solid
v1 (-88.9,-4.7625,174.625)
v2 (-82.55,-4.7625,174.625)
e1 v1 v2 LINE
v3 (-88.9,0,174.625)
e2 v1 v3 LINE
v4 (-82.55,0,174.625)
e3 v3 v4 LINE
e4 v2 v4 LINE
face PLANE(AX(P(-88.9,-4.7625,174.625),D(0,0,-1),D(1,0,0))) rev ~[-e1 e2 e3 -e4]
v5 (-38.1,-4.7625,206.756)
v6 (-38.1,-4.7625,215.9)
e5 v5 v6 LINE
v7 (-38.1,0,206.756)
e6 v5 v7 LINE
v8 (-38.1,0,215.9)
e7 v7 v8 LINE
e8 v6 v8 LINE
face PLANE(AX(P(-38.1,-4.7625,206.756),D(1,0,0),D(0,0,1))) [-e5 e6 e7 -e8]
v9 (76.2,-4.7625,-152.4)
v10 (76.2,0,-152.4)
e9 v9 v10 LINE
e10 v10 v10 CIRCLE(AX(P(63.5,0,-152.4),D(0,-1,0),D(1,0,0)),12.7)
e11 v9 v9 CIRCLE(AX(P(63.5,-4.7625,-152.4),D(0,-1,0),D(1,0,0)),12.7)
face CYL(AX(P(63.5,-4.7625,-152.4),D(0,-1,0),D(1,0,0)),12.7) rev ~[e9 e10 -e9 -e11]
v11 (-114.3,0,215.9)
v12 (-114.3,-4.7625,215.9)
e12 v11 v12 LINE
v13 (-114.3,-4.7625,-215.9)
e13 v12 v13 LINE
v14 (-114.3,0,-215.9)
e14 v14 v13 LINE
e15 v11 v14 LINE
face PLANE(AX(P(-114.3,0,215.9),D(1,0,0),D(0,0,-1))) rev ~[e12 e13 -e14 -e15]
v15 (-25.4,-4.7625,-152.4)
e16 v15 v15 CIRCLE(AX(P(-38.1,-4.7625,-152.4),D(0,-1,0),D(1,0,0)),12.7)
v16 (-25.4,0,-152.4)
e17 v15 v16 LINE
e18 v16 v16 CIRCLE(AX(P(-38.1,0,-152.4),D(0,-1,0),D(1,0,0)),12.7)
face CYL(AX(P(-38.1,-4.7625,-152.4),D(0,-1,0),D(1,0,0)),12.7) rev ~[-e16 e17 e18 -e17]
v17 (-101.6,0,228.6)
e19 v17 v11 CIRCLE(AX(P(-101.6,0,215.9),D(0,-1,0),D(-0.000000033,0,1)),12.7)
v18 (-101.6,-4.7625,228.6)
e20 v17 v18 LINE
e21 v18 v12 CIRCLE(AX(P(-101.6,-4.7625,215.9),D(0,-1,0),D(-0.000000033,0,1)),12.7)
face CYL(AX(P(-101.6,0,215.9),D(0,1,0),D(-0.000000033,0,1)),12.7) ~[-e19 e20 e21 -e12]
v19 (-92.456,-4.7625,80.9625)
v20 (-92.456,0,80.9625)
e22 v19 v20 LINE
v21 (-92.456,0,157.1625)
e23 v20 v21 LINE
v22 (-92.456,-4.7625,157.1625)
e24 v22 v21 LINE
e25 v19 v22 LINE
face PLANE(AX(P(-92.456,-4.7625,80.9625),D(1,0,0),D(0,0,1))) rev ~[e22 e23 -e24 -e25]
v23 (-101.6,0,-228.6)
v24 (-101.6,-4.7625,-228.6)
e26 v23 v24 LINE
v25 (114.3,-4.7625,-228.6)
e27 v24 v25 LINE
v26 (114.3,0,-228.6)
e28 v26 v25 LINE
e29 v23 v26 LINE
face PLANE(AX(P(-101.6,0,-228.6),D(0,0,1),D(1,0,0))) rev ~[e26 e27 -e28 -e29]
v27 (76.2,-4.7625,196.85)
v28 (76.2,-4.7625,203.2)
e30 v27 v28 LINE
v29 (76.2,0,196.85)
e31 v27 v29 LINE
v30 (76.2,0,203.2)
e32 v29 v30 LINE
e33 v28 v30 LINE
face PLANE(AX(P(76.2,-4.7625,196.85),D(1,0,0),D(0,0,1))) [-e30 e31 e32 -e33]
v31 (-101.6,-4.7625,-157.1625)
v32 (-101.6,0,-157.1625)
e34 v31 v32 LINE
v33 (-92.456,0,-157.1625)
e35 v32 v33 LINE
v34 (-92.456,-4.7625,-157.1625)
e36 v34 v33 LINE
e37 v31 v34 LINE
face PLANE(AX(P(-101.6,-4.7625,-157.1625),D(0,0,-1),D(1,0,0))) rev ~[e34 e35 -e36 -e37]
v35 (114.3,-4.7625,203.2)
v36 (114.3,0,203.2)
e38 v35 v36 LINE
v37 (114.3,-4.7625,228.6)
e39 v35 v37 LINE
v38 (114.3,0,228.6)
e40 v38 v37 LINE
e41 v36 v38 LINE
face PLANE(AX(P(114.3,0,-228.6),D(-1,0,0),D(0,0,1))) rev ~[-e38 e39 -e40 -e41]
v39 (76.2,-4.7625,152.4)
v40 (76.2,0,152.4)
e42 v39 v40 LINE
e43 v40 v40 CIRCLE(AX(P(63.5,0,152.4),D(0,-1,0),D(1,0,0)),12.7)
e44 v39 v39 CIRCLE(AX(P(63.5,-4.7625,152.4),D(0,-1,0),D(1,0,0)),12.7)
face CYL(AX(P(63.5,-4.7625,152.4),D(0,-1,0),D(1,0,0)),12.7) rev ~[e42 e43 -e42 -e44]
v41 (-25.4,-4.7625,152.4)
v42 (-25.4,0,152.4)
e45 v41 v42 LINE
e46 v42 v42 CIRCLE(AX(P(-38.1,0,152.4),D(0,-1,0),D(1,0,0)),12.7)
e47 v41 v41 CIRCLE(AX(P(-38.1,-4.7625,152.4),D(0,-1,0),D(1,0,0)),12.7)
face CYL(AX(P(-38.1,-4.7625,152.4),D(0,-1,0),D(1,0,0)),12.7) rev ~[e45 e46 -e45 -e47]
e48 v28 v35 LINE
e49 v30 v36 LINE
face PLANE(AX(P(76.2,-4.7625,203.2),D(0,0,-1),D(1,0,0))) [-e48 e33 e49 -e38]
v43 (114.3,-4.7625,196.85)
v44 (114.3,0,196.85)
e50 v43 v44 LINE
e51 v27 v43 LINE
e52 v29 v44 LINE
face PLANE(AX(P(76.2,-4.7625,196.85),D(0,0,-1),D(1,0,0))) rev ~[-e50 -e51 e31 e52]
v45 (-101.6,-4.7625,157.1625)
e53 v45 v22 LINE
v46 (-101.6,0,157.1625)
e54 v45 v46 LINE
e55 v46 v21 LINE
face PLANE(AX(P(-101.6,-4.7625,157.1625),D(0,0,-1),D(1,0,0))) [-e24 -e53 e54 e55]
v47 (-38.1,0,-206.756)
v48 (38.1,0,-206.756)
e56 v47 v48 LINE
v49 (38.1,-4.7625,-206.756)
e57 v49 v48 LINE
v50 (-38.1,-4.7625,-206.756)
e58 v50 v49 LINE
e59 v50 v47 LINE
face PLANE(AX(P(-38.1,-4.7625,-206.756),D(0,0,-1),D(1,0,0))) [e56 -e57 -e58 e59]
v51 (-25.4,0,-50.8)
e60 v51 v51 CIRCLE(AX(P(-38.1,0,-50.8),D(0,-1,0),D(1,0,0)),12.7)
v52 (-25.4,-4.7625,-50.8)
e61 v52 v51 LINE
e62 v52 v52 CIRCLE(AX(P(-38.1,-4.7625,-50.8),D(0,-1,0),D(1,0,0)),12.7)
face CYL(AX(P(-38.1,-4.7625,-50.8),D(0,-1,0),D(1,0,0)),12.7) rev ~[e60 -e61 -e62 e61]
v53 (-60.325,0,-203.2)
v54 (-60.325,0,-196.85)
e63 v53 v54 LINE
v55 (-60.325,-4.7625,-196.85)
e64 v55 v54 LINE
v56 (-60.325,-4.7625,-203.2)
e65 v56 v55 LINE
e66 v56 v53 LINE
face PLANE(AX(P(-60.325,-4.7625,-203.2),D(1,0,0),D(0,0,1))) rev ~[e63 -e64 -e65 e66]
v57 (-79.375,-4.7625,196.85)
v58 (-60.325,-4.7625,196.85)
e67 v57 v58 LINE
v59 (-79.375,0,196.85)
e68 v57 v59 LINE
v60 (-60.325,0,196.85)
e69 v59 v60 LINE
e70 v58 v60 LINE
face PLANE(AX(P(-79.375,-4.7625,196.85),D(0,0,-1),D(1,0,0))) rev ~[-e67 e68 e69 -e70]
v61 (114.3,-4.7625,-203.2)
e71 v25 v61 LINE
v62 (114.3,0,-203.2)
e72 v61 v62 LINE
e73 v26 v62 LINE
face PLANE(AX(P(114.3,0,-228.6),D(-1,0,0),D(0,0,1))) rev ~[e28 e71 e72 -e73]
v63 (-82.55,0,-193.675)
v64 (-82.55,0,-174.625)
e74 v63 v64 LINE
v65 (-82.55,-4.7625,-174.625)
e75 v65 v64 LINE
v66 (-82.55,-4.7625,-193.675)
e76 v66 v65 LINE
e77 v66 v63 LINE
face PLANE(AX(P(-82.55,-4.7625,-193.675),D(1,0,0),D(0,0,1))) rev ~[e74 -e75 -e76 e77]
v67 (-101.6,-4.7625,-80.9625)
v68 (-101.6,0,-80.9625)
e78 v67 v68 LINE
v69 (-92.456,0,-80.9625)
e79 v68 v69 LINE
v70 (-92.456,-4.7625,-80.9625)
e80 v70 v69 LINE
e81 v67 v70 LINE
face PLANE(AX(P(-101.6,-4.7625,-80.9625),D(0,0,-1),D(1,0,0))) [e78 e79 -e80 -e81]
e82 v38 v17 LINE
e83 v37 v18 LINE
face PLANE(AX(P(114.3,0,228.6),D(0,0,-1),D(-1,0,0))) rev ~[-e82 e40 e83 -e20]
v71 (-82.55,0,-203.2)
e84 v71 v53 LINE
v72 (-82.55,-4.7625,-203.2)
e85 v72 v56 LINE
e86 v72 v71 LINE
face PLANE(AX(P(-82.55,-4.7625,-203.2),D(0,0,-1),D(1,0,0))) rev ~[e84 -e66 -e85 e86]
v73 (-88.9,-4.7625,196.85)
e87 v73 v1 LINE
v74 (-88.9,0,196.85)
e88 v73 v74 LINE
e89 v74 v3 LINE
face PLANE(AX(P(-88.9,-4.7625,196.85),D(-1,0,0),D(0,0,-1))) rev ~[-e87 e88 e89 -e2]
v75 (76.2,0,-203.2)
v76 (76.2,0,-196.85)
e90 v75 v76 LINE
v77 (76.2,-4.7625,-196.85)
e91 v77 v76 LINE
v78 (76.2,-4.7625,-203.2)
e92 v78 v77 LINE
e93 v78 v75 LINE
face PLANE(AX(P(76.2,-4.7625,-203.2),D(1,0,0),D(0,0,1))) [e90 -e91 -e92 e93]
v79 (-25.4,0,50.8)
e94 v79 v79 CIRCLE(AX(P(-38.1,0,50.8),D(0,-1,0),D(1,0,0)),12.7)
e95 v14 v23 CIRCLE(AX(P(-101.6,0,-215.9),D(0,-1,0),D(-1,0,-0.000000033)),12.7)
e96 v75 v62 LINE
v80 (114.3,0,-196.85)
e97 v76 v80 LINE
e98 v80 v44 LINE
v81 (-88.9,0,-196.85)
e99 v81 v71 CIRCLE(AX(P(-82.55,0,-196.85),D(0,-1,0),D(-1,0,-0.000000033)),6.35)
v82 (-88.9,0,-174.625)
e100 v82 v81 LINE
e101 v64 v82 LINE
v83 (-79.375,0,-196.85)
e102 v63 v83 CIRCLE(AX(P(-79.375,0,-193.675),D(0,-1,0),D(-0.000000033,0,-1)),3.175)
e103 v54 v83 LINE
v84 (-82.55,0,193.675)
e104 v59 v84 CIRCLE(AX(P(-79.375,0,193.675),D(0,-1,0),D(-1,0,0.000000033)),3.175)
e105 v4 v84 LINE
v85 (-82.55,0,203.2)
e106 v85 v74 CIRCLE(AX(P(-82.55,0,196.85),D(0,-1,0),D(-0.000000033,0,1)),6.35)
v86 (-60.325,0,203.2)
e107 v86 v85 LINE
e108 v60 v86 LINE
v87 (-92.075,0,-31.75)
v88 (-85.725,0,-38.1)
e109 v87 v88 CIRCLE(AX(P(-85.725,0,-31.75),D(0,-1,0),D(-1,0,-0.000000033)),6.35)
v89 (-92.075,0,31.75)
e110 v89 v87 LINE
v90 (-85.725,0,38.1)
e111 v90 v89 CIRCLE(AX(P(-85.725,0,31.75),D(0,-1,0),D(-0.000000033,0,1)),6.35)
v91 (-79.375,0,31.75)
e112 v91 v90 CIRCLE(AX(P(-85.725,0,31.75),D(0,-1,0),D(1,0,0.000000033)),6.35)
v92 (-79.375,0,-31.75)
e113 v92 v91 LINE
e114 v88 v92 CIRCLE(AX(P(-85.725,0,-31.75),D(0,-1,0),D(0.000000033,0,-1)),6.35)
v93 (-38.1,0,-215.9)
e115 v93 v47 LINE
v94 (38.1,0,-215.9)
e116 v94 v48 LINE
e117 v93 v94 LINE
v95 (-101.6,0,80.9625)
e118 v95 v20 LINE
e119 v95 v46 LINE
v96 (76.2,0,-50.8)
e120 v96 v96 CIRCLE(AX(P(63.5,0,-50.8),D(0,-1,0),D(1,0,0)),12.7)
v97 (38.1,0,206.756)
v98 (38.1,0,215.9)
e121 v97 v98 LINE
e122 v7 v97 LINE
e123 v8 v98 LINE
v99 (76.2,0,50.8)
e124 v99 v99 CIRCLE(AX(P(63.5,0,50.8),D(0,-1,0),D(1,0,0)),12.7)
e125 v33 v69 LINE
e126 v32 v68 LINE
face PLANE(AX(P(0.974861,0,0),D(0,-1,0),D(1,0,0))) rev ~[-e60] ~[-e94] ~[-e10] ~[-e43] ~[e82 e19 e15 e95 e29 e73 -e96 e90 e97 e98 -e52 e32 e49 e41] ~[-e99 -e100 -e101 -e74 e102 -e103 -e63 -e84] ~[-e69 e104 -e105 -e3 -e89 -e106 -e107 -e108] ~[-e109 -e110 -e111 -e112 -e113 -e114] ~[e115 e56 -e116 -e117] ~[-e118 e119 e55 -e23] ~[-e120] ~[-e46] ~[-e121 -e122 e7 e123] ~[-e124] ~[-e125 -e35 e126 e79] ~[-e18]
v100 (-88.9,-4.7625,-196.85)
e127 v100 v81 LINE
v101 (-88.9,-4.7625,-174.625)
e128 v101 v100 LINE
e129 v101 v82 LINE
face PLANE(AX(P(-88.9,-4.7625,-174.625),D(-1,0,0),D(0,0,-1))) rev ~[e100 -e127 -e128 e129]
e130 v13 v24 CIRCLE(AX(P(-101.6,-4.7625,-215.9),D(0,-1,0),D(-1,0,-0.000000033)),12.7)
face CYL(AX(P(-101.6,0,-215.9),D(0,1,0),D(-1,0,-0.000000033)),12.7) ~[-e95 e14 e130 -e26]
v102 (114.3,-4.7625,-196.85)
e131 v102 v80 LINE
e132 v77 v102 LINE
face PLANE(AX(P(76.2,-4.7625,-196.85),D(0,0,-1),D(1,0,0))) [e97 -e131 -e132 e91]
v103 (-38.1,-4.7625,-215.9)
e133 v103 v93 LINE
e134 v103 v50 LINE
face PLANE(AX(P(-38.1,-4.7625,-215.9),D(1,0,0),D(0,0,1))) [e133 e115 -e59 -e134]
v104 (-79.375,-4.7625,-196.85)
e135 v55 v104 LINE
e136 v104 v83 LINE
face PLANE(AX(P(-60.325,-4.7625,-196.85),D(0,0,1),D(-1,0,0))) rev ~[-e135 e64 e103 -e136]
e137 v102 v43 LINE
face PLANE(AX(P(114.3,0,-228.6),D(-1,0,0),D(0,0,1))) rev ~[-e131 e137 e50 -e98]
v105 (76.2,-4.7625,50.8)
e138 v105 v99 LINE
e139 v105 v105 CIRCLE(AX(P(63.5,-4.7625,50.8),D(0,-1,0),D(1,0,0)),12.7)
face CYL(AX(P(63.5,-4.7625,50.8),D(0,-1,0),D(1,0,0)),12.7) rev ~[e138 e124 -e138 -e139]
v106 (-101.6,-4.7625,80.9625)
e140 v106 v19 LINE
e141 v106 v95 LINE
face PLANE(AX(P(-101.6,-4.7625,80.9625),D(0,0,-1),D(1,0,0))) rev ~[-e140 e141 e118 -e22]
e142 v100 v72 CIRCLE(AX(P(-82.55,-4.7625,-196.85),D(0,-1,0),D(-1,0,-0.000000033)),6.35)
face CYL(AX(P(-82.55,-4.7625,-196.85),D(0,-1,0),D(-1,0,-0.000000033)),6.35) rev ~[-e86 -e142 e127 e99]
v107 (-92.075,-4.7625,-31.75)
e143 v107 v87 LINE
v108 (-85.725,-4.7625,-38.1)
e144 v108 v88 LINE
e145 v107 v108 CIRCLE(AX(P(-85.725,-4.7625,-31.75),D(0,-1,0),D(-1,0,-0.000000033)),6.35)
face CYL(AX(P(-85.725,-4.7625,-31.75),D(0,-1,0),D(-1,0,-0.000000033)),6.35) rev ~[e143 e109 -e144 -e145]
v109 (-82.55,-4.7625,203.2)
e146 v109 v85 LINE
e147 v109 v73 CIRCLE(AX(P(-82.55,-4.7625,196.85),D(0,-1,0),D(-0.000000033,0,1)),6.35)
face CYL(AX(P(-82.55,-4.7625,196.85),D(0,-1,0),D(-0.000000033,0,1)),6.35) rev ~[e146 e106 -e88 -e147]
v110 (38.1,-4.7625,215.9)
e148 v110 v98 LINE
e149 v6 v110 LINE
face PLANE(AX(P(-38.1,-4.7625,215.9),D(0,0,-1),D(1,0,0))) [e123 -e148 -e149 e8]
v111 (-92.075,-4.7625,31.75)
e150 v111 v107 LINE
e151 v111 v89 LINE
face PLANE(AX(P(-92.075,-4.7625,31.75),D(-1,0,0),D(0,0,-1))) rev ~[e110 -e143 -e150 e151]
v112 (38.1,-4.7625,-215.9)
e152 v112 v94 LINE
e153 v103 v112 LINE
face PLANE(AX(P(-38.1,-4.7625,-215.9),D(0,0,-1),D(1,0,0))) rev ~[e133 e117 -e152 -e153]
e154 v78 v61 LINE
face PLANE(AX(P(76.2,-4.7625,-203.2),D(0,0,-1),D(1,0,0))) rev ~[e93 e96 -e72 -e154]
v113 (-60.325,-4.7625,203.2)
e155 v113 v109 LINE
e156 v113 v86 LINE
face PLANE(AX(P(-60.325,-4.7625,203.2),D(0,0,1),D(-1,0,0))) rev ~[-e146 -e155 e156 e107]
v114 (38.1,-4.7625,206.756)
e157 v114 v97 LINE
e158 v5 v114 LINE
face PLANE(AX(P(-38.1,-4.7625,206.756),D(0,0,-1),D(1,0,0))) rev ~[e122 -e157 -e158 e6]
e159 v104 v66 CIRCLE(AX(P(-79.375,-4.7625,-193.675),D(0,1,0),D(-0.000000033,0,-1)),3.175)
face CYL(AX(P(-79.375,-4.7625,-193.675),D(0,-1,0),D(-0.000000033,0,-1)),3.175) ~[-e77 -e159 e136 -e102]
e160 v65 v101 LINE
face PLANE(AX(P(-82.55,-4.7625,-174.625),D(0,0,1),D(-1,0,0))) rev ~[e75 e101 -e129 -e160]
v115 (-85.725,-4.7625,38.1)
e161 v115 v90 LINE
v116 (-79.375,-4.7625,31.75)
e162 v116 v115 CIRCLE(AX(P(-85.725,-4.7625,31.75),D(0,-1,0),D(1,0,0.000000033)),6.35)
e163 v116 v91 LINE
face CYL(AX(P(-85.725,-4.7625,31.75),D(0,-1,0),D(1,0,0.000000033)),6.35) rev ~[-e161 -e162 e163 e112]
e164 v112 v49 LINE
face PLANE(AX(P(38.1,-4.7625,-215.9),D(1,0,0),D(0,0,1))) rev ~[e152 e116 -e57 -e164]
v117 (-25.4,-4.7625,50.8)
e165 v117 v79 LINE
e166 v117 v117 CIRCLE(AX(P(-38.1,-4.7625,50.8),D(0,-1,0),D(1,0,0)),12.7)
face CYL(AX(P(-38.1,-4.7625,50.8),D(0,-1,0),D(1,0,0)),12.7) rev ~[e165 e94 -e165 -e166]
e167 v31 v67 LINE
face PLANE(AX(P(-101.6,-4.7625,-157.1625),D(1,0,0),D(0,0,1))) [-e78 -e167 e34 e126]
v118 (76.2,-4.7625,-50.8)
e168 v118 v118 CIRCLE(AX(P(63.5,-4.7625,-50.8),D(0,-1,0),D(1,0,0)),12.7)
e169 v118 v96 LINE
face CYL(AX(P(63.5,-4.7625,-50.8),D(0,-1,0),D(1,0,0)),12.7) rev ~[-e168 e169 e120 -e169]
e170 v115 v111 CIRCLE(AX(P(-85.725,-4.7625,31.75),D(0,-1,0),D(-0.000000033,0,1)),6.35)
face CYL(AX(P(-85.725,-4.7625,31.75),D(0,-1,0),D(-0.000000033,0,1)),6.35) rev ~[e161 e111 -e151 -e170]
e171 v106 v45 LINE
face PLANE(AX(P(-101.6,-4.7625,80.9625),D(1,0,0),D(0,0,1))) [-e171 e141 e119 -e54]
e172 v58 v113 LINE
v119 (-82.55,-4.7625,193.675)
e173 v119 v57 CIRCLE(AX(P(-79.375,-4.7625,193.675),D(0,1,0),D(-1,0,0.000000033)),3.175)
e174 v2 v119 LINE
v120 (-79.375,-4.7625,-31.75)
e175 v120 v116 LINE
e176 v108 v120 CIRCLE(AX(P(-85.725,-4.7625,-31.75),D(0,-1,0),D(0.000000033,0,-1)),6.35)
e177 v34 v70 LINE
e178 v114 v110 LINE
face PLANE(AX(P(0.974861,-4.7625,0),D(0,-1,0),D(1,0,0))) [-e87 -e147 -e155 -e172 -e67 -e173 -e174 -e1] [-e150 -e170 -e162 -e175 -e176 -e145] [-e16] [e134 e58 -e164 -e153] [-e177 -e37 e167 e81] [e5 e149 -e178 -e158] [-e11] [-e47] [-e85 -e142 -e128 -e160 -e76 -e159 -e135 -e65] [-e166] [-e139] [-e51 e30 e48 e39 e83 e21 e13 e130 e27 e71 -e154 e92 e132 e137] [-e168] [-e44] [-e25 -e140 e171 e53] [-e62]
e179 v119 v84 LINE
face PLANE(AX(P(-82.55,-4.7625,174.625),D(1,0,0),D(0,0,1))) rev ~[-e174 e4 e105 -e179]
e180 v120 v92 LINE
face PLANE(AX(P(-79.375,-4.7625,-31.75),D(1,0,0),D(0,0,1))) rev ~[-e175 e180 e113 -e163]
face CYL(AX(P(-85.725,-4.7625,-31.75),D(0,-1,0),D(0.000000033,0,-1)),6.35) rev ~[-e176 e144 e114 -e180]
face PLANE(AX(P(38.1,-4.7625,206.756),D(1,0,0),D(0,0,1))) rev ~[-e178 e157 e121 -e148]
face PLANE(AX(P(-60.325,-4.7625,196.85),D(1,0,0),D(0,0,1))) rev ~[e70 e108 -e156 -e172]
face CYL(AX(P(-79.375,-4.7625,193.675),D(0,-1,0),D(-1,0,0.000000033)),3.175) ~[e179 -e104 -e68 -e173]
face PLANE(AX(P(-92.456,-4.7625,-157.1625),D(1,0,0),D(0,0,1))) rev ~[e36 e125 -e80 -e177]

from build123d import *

# Parameters (mm, degrees)
F1_DEPTH = 4.7625
F2_W     = 76.2
F2_H     = 9.144
F2_R     = 12.7
F2_W_2   = 9.144
F2_H_2   = 76.2
F2_W_3   = 38.1
F2_H_3   = 6.35
F3_DEPTH = 4.7635


with BuildPart() as f1:
    # F0 (on Front) → F1 (new body)
    with BuildSketch(Plane.XZ):
        with BuildLine():
            Line((-101.6, -228.6), (114.3, -228.6))
            Line((114.3, -228.6), (114.3, 228.6))
            Line((114.3, 228.6), (-101.6, 228.6))
            ThreePointArc((-101.6, 228.6), (-110.580256, 224.880256), (-114.3, 215.9))
            Line((-114.3, 215.9), (-114.3, -215.9))
            ThreePointArc((-114.3, -215.9), (-110.580256, -224.880256), (-101.6, -228.6))
        make_face()
    extrude(amount=F1_DEPTH)

    # F2 (on face) → F3 (cut, through all)
    with BuildSketch(Plane.XZ.offset(4.7625)):
        with Locations((0, -211.328)):
            Rectangle(F2_W, F2_H)
        with Locations((-38.1, 152.4)):
            Circle(F2_R)
        with Locations((-38.1, 50.8)):
            Circle(F2_R)
        with Locations((63.5, 152.4)):
            Circle(F2_R)
        with Locations((63.5, 50.8)):
            Circle(F2_R)
        with Locations((-97.028, -119.0625)):
            Rectangle(F2_W_2, F2_H_2)
        with Locations((95.25, -200.025)):
            Rectangle(F2_W_3, F2_H_3)
        with BuildLine():
            ThreePointArc((-88.9, -196.85), (-87.040128, -201.340128), (-82.55, -203.2))
            Line((-82.55, -203.2), (-60.325, -203.2))
            Line((-60.325, -203.2), (-60.325, -196.85))
            Line((-60.325, -196.85), (-79.375, -196.85))
            ThreePointArc((-79.375, -196.85), (-81.620064, -195.920064), (-82.55, -193.675))
            Line((-82.55, -193.675), (-82.55, -174.625))
            Line((-82.55, -174.625), (-88.9, -174.625))
            Line((-88.9, -174.625), (-88.9, -196.85))
        make_face()
        with Locations((-38.1, -50.8)):
            Circle(F2_R)
        with Locations((63.5, -50.8)):
            Circle(F2_R)
        with Locations((-38.1, -152.4)):
            Circle(F2_R)
        with Locations((63.5, -152.4)):
            Circle(F2_R)
        with BuildLine():
            ThreePointArc((-85.725, -38.1), (-81.234872, -36.240128), (-79.375, -31.75))
            Line((-79.375, -31.75), (-79.375, 31.75))
            ThreePointArc((-79.375, 31.75), (-81.234872, 36.240128), (-85.725, 38.1))
            ThreePointArc((-85.725, 38.1), (-90.215128, 36.240128), (-92.075, 31.75))
            Line((-92.075, 31.75), (-92.075, -31.75))
            ThreePointArc((-92.075, -31.75), (-90.215128, -36.240128), (-85.725, -38.1))
        make_face()
        with Locations((-97.028, 119.0625)):
            Rectangle(F2_W_2, F2_H_2)
        with Locations((95.25, 200.025)):
            Rectangle(F2_W_3, F2_H_3)
        with Locations((0, 211.328)):
            Rectangle(F2_W, F2_H)
        with BuildLine():
            Line((-82.55, 174.625), (-82.55, 193.675))
            ThreePointArc((-82.55, 193.675), (-81.620064, 195.920064), (-79.375, 196.85))
            Line((-79.375, 196.85), (-60.325, 196.85))
            Line((-60.325, 196.85), (-60.325, 203.2))
            Line((-60.325, 203.2), (-82.55, 203.2))
            ThreePointArc((-82.55, 203.2), (-87.040128, 201.340128), (-88.9, 196.85))
            Line((-88.9, 196.85), (-88.9, 174.625))
            Line((-88.9, 174.625), (-82.55, 174.625))
        make_face()
    extrude(amount=-F3_DEPTH, mode=Mode.SUBTRACT)


solid = f1.part
